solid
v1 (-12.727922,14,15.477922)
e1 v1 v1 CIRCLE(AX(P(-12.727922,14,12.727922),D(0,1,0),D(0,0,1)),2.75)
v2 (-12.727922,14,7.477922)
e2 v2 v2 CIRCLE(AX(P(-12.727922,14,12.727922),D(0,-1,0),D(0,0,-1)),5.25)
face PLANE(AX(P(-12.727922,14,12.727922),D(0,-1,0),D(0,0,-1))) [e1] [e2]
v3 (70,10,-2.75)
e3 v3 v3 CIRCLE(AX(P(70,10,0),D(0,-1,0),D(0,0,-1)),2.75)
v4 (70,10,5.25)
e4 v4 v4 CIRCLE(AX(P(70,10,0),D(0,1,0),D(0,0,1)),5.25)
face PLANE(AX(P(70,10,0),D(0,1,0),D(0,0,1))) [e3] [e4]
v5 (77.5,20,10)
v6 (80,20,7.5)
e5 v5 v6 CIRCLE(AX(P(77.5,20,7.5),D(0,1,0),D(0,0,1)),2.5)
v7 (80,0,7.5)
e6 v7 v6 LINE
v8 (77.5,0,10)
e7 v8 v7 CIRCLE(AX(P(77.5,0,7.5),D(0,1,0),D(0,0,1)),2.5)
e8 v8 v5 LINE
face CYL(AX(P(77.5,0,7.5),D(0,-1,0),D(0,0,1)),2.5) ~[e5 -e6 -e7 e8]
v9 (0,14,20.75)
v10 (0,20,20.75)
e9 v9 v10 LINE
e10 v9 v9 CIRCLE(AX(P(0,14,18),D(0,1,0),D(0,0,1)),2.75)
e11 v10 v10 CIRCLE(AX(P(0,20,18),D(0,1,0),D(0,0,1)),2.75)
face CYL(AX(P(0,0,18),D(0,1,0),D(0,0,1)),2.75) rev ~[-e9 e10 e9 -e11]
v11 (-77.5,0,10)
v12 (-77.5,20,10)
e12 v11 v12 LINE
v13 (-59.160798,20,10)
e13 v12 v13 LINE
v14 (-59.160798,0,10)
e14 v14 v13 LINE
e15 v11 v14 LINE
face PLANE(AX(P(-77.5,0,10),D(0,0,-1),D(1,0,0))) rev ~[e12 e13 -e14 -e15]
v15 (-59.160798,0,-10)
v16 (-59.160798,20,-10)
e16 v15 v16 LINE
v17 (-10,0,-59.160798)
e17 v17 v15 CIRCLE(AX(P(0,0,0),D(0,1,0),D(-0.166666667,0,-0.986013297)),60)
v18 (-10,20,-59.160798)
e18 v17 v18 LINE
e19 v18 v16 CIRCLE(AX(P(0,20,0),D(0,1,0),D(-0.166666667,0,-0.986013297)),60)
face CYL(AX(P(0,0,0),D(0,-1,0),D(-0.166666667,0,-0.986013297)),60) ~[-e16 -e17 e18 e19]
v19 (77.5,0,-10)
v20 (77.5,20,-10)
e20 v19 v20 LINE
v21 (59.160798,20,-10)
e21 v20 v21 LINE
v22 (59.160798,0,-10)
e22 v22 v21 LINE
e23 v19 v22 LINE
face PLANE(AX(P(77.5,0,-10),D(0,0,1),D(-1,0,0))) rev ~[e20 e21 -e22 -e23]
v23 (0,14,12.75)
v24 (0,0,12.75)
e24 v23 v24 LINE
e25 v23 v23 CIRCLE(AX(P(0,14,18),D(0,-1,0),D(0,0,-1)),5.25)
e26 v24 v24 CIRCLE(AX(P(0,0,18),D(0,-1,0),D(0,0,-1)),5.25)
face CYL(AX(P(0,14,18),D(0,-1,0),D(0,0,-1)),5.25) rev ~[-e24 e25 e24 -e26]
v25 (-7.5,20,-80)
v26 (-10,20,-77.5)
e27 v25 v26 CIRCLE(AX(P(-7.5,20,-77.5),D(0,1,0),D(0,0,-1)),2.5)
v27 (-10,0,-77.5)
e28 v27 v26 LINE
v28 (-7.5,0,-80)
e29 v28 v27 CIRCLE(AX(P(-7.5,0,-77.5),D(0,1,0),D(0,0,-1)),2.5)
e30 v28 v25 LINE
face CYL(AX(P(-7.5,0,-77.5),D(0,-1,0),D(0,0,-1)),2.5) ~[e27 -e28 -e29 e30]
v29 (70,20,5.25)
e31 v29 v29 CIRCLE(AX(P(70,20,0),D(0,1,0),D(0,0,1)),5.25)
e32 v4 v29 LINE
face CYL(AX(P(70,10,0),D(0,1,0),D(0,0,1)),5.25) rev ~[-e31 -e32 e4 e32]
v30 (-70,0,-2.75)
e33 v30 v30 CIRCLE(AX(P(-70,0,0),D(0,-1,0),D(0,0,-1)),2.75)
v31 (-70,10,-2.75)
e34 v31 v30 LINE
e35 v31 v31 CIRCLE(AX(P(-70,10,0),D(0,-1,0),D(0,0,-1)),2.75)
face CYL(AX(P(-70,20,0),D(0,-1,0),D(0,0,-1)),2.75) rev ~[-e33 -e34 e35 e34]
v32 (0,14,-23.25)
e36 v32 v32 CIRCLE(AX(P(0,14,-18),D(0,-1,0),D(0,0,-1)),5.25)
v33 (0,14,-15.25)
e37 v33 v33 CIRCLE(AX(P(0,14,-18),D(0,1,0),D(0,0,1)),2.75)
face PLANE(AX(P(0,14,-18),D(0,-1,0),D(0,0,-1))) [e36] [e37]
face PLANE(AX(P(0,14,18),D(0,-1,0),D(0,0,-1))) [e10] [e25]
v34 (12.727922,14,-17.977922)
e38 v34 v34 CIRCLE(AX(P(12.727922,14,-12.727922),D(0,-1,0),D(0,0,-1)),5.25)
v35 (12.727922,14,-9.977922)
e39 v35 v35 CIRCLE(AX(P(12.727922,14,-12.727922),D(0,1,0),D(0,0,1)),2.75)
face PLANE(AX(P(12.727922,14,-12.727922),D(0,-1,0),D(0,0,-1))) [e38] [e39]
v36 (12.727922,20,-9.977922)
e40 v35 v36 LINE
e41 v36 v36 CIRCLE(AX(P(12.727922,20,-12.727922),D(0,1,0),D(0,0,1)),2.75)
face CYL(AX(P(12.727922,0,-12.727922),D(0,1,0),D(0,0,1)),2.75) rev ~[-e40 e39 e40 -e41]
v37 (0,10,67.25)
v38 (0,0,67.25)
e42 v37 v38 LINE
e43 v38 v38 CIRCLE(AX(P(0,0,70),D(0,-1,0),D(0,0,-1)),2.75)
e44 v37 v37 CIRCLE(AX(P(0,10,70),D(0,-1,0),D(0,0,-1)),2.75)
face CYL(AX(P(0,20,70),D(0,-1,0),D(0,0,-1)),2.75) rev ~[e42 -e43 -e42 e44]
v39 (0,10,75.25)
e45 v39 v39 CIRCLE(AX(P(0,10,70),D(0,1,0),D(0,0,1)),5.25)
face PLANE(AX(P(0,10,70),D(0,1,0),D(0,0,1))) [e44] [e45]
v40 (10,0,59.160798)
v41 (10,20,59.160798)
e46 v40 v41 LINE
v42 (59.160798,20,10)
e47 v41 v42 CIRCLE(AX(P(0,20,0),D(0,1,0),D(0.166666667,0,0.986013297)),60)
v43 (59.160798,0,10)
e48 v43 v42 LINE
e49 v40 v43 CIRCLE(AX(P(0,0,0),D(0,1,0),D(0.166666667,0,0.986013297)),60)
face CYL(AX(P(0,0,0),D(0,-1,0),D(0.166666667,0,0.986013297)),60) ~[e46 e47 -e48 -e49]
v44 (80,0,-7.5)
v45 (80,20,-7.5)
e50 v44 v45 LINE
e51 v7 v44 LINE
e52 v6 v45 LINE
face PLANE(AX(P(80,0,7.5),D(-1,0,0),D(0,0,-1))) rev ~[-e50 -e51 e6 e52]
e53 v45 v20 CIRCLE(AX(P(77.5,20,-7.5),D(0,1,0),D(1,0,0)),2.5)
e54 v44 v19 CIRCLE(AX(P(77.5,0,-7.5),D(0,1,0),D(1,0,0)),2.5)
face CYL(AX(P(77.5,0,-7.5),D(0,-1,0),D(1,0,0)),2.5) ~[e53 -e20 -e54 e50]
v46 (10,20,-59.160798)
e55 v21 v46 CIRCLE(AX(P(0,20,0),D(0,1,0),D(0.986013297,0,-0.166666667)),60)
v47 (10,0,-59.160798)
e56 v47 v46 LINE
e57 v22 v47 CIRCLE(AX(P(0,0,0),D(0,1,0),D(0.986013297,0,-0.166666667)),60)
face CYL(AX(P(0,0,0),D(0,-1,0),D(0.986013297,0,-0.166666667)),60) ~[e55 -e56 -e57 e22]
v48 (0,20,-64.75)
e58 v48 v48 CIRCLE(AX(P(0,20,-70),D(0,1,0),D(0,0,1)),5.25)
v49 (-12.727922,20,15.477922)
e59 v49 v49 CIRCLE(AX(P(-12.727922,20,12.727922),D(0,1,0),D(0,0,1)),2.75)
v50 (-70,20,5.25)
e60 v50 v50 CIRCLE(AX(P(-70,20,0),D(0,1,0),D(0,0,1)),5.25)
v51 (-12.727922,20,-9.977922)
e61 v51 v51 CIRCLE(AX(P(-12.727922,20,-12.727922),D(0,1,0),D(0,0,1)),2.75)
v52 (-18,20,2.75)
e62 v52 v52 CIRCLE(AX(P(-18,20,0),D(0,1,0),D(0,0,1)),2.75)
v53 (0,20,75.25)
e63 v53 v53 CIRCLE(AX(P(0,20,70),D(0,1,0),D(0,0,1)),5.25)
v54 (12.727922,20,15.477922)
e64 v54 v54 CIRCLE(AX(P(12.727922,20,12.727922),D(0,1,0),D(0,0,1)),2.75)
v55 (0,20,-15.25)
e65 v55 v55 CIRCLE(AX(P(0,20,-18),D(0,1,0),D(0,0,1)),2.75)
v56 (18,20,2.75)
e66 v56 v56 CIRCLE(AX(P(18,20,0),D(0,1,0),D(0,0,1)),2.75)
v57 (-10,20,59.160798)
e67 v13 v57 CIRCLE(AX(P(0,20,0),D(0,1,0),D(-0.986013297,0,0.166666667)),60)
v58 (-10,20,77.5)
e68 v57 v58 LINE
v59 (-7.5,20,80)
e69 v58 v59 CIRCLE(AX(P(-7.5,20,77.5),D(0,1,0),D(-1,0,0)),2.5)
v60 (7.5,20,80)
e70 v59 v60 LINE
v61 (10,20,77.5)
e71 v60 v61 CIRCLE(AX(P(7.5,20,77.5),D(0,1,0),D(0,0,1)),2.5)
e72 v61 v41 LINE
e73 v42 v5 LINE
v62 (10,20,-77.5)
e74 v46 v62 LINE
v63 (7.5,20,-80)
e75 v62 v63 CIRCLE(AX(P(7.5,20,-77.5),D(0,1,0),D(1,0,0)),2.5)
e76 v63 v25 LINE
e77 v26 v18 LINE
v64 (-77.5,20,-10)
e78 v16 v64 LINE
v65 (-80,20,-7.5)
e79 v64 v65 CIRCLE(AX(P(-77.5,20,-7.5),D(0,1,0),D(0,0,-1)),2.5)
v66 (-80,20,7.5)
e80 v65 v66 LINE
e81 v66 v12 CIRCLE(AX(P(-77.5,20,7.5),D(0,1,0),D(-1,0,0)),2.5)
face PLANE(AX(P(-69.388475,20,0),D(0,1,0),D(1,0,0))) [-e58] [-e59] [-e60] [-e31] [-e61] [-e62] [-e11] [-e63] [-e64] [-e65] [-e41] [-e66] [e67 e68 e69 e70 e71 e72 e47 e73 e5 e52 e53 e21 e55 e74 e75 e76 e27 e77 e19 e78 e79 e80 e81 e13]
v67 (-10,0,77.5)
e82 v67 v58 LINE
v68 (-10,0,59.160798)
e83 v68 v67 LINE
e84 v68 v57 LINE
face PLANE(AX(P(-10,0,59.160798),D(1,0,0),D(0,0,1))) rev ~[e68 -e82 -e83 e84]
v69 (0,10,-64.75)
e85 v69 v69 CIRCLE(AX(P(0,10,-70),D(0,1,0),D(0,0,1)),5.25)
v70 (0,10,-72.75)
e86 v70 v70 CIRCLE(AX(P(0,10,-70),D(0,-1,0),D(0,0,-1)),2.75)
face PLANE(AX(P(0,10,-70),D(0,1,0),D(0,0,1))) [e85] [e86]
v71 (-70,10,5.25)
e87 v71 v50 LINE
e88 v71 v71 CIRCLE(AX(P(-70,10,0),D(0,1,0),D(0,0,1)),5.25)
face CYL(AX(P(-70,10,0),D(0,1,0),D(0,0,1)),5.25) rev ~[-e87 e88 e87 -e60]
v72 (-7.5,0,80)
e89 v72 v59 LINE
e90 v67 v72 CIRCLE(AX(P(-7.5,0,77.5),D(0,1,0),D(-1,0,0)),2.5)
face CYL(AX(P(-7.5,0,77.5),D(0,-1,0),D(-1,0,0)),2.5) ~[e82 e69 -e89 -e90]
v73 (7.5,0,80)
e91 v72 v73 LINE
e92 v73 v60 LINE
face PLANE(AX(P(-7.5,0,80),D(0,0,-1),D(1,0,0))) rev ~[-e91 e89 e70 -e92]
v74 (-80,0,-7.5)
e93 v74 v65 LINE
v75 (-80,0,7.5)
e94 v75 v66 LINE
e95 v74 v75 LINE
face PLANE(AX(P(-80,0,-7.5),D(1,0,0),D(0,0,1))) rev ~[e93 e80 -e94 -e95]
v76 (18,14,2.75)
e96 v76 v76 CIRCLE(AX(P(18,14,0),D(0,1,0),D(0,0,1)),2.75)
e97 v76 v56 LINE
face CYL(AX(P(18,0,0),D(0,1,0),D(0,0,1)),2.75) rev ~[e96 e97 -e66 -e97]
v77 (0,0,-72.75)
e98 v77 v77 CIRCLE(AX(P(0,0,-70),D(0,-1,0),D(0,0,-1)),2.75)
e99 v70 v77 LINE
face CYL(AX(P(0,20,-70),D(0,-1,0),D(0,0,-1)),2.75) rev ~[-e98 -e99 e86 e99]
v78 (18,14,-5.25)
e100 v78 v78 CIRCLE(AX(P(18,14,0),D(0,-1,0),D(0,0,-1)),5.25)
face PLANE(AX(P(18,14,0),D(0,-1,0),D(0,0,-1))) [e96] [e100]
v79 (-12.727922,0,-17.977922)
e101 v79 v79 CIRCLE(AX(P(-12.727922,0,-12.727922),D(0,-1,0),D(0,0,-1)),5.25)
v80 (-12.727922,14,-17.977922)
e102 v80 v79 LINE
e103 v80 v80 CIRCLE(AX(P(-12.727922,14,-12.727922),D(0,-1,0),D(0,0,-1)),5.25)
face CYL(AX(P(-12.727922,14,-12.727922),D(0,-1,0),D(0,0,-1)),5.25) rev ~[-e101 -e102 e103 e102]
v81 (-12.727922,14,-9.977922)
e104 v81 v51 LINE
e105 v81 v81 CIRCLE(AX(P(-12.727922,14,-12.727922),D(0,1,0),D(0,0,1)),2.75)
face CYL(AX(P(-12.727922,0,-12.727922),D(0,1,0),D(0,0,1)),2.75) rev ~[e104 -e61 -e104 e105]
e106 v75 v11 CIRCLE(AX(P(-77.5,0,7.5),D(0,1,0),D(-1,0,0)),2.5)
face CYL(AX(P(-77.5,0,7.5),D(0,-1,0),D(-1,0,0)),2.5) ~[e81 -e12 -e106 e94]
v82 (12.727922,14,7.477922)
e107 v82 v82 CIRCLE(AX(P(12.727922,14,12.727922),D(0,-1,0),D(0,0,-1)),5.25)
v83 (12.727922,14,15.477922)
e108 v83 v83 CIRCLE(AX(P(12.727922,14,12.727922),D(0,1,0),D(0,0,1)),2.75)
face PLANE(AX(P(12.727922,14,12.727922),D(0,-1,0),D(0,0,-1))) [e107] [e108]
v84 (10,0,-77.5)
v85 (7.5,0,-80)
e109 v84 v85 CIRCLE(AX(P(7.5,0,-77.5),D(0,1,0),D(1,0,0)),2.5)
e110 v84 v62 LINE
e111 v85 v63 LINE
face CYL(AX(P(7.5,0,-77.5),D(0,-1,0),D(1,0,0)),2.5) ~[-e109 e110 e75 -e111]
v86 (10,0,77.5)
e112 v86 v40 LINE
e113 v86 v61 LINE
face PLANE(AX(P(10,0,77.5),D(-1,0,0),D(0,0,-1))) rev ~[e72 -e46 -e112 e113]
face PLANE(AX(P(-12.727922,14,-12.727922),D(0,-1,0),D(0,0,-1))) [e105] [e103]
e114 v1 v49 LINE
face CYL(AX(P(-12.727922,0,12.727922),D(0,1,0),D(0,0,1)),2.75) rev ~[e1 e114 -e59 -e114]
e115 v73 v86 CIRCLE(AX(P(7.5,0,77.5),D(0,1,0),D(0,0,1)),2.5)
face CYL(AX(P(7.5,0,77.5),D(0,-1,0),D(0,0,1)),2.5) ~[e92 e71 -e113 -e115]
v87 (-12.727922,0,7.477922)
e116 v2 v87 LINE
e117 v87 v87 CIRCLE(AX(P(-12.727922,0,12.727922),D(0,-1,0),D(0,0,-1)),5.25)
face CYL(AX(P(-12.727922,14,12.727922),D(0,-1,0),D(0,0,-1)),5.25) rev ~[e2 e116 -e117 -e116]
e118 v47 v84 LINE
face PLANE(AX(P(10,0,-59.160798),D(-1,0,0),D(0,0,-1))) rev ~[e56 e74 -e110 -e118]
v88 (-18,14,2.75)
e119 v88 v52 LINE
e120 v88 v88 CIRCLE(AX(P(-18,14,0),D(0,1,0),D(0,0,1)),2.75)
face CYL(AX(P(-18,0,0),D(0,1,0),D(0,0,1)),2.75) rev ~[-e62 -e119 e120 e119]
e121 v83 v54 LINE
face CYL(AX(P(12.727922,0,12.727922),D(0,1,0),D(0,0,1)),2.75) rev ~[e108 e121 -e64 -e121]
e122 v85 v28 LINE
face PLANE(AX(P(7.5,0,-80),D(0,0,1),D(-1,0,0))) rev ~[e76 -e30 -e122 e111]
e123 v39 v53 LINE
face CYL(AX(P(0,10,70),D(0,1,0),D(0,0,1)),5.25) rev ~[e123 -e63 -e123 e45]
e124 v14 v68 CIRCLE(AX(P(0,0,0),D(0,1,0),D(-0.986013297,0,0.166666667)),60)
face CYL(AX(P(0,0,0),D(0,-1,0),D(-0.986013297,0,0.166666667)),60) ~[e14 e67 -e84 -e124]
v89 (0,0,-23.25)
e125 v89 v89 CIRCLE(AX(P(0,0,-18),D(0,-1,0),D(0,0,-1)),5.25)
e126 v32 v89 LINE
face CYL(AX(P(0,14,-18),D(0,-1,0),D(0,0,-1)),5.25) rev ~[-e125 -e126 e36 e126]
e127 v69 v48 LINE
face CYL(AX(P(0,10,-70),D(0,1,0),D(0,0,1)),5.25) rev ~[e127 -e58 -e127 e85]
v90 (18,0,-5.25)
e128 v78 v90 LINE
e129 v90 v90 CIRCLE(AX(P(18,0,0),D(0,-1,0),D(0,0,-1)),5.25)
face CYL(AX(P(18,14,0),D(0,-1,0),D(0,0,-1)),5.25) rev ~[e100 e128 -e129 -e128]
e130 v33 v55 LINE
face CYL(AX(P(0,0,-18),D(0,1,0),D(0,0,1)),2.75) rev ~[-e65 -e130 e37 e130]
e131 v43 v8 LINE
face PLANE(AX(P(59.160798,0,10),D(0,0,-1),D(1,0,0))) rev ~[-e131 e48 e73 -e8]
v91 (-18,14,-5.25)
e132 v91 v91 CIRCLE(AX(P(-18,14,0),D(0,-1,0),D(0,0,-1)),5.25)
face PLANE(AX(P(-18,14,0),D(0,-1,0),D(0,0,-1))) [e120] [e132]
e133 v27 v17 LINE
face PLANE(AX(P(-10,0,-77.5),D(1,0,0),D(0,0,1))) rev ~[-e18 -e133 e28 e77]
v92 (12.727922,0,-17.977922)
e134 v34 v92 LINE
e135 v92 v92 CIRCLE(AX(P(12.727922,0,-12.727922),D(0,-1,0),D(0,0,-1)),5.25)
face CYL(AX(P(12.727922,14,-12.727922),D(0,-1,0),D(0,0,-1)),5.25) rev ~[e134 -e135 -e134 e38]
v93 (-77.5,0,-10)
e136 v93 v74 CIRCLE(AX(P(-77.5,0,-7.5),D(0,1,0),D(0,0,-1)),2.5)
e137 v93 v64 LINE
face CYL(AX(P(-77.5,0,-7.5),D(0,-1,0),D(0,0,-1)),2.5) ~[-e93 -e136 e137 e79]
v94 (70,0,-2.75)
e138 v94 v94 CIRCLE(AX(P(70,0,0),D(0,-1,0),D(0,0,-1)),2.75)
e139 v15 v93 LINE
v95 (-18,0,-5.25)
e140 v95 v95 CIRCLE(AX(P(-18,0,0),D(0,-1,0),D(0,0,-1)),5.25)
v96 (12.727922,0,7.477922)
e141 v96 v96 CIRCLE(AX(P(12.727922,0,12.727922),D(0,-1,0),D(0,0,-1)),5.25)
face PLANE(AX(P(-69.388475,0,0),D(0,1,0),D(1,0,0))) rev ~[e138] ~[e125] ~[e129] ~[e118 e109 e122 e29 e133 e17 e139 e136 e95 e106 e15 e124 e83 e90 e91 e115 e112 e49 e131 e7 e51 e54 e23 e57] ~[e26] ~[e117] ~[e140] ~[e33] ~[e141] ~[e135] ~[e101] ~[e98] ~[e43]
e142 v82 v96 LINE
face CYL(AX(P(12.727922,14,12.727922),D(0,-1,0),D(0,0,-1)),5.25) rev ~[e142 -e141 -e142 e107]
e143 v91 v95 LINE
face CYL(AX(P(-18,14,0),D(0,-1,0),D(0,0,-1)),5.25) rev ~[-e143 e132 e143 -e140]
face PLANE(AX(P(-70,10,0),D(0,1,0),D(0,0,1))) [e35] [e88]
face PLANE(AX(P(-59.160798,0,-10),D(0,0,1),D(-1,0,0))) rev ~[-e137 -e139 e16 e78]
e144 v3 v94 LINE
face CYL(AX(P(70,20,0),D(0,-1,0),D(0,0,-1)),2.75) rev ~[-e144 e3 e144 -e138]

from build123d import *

# Parameters (mm, degrees)
SKETCH1_W                               = 20
SKETCH1_H                               = 20
BOSS_EXTRUDE1_DEPTH                     = 20
CBORE_FOR_M5_HEX_HEAD_BOLT1_D           = 5.5
CBORE_FOR_M5_HEX_HEAD_BOLT1_CBORE_D     = 10.5
CBORE_FOR_M5_HEX_HEAD_BOLT1_CBORE_DEPTH = 10
CBORE_FOR_M5_HEX_HEAD_BOLT3_D           = 5.5
CBORE_FOR_M5_HEX_HEAD_BOLT3_CBORE_D     = 10.5
CBORE_FOR_M5_HEX_HEAD_BOLT3_CBORE_DEPTH = 14


with BuildPart() as part:
    # Sketch1 → Boss-Extrude1 (new body)
    with BuildSketch(Plane(origin=(0, 0, 0), x_dir=(1, 0, 0), z_dir=(0, 1, 0))):
        with BuildLine():
            ThreePointArc((-59.160797831, -10), (-60, 0), (-59.160797831, 10))
            Line((-59.160797831, 10), (-77.5, 10))
            ThreePointArc((-77.5, 10), (-79.267766953, 9.267766953), (-80, 7.5))
            Line((-80, 7.5), (-80, -7.5))
            ThreePointArc((-80, -7.5), (-79.267766953, -9.267766953), (-77.5, -10))
            Line((-77.5, -10), (-59.160797831, -10))
        make_face()
        with BuildLine():
            Line((-10, 10), (-10, 59.160797831))
            ThreePointArc((-10, 59.160797831), (-42.426406871, 42.426406871), (-59.160797831, 10))
            Line((-59.160797831, 10), (-10, 10))
        make_face()
        with BuildLine():
            Line((7.5, 80), (-7.5, 80))
            ThreePointArc((-7.5, 80), (-9.267766953, 79.267766953), (-10, 77.5))
            Line((-10, 77.5), (-10, 59.160797831))
            ThreePointArc((-10, 59.160797831), (0, 60), (10, 59.160797831))
            Line((10, 59.160797831), (10, 77.5))
            ThreePointArc((10, 77.5), (9.267766953, 79.267766953), (7.5, 80))
        make_face()
        with BuildLine():
            ThreePointArc((10, 59.160797831), (0, 60), (-10, 59.160797831))
            Line((-10, 59.160797831), (-10, 10))
            Line((-10, 10), (10, 10))
            Line((10, 10), (10, 59.160797831))
        make_face()
        with BuildLine():
            ThreePointArc((59.160797831, 10), (42.426406871, 42.426406871), (10, 59.160797831))
            Line((10, 59.160797831), (10, 10))
            Line((10, 10), (59.160797831, 10))
        make_face()
        with BuildLine():
            Line((77.5, 10), (59.160797831, 10))
            ThreePointArc((59.160797831, 10), (59.789831367, 5.017575617), (60, 0))
            ThreePointArc((60, 0), (59.789831367, -5.017575617), (59.160797831, -10))
            Line((59.160797831, -10), (77.5, -10))
            ThreePointArc((77.5, -10), (79.267766953, -9.267766953), (80, -7.5))
            Line((80, -7.5), (80, 7.5))
            ThreePointArc((80, 7.5), (79.267766953, 9.267766953), (77.5, 10))
        make_face()
        with BuildLine():
            Line((59.160797831, 10), (10, 10))
            Line((10, 10), (10, -10))
            Line((10, -10), (59.160797831, -10))
            ThreePointArc((59.160797831, -10), (59.789831367, -5.017575617), (60, 0))
            ThreePointArc((60, 0), (59.789831367, 5.017575617), (59.160797831, 10))
        make_face()
        Rectangle(SKETCH1_W, SKETCH1_H)
        with BuildLine():
            Line((-10, -10), (-10, 10))
            Line((-10, 10), (-59.160797831, 10))
            ThreePointArc((-59.160797831, 10), (-60, 0), (-59.160797831, -10))
            Line((-59.160797831, -10), (-10, -10))
        make_face()
        with BuildLine():
            Line((-10, -59.160797831), (-10, -10))
            Line((-10, -10), (-59.160797831, -10))
            ThreePointArc((-59.160797831, -10), (-42.426406871, -42.426406871), (-10, -59.160797831))
        make_face()
        with BuildLine():
            Line((59.160797831, -10), (10, -10))
            Line((10, -10), (10, -59.160797831))
            ThreePointArc((10, -59.160797831), (42.426406871, -42.426406871), (59.160797831, -10))
        make_face()
        with BuildLine():
            Line((10, -10), (-10, -10))
            Line((-10, -10), (-10, -59.160797831))
            ThreePointArc((-10, -59.160797831), (0, -60), (10, -59.160797831))
            Line((10, -59.160797831), (10, -10))
        make_face()
        with BuildLine():
            ThreePointArc((10, -59.160797831), (0, -60), (-10, -59.160797831))
            Line((-10, -59.160797831), (-10, -77.5))
            ThreePointArc((-10, -77.5), (-9.267766953, -79.267766953), (-7.5, -80))
            Line((-7.5, -80), (7.5, -80))
            ThreePointArc((7.5, -80), (9.267766953, -79.267766953), (10, -77.5))
            Line((10, -77.5), (10, -59.160797831))
        make_face()
    extrude(amount=BOSS_EXTRUDE1_DEPTH)

    # CBORE for M5 Hex Head Bolt1 (through all)
    with Locations(Plane(origin=(0, 20, -70), x_dir=(0, 0, 1), z_dir=(0, 1, 0))):
        with Locations((0, 0), (70, 70), (70, -70), (140, 0)):
            CounterBoreHole(CBORE_FOR_M5_HEX_HEAD_BOLT1_D / 2, CBORE_FOR_M5_HEX_HEAD_BOLT1_CBORE_D / 2, CBORE_FOR_M5_HEX_HEAD_BOLT1_CBORE_DEPTH)

    # CBORE for M5 Hex Head Bolt3 (through all)
    with Locations(Plane(origin=(0, 0, -18), x_dir=(0, 0, -1), z_dir=(0, -1, 0))):
        with Locations((0, 0), (-5.272077939, -12.727922061), (-18, -18), (-30.727922061, -12.727922061), (-36, 0), (-30.727922061, 12.727922061), (-18, 18), (-5.272077939, 12.727922061)):
            CounterBoreHole(CBORE_FOR_M5_HEX_HEAD_BOLT3_D / 2, CBORE_FOR_M5_HEX_HEAD_BOLT3_CBORE_D / 2, CBORE_FOR_M5_HEX_HEAD_BOLT3_CBORE_DEPTH)


solid = part.part
